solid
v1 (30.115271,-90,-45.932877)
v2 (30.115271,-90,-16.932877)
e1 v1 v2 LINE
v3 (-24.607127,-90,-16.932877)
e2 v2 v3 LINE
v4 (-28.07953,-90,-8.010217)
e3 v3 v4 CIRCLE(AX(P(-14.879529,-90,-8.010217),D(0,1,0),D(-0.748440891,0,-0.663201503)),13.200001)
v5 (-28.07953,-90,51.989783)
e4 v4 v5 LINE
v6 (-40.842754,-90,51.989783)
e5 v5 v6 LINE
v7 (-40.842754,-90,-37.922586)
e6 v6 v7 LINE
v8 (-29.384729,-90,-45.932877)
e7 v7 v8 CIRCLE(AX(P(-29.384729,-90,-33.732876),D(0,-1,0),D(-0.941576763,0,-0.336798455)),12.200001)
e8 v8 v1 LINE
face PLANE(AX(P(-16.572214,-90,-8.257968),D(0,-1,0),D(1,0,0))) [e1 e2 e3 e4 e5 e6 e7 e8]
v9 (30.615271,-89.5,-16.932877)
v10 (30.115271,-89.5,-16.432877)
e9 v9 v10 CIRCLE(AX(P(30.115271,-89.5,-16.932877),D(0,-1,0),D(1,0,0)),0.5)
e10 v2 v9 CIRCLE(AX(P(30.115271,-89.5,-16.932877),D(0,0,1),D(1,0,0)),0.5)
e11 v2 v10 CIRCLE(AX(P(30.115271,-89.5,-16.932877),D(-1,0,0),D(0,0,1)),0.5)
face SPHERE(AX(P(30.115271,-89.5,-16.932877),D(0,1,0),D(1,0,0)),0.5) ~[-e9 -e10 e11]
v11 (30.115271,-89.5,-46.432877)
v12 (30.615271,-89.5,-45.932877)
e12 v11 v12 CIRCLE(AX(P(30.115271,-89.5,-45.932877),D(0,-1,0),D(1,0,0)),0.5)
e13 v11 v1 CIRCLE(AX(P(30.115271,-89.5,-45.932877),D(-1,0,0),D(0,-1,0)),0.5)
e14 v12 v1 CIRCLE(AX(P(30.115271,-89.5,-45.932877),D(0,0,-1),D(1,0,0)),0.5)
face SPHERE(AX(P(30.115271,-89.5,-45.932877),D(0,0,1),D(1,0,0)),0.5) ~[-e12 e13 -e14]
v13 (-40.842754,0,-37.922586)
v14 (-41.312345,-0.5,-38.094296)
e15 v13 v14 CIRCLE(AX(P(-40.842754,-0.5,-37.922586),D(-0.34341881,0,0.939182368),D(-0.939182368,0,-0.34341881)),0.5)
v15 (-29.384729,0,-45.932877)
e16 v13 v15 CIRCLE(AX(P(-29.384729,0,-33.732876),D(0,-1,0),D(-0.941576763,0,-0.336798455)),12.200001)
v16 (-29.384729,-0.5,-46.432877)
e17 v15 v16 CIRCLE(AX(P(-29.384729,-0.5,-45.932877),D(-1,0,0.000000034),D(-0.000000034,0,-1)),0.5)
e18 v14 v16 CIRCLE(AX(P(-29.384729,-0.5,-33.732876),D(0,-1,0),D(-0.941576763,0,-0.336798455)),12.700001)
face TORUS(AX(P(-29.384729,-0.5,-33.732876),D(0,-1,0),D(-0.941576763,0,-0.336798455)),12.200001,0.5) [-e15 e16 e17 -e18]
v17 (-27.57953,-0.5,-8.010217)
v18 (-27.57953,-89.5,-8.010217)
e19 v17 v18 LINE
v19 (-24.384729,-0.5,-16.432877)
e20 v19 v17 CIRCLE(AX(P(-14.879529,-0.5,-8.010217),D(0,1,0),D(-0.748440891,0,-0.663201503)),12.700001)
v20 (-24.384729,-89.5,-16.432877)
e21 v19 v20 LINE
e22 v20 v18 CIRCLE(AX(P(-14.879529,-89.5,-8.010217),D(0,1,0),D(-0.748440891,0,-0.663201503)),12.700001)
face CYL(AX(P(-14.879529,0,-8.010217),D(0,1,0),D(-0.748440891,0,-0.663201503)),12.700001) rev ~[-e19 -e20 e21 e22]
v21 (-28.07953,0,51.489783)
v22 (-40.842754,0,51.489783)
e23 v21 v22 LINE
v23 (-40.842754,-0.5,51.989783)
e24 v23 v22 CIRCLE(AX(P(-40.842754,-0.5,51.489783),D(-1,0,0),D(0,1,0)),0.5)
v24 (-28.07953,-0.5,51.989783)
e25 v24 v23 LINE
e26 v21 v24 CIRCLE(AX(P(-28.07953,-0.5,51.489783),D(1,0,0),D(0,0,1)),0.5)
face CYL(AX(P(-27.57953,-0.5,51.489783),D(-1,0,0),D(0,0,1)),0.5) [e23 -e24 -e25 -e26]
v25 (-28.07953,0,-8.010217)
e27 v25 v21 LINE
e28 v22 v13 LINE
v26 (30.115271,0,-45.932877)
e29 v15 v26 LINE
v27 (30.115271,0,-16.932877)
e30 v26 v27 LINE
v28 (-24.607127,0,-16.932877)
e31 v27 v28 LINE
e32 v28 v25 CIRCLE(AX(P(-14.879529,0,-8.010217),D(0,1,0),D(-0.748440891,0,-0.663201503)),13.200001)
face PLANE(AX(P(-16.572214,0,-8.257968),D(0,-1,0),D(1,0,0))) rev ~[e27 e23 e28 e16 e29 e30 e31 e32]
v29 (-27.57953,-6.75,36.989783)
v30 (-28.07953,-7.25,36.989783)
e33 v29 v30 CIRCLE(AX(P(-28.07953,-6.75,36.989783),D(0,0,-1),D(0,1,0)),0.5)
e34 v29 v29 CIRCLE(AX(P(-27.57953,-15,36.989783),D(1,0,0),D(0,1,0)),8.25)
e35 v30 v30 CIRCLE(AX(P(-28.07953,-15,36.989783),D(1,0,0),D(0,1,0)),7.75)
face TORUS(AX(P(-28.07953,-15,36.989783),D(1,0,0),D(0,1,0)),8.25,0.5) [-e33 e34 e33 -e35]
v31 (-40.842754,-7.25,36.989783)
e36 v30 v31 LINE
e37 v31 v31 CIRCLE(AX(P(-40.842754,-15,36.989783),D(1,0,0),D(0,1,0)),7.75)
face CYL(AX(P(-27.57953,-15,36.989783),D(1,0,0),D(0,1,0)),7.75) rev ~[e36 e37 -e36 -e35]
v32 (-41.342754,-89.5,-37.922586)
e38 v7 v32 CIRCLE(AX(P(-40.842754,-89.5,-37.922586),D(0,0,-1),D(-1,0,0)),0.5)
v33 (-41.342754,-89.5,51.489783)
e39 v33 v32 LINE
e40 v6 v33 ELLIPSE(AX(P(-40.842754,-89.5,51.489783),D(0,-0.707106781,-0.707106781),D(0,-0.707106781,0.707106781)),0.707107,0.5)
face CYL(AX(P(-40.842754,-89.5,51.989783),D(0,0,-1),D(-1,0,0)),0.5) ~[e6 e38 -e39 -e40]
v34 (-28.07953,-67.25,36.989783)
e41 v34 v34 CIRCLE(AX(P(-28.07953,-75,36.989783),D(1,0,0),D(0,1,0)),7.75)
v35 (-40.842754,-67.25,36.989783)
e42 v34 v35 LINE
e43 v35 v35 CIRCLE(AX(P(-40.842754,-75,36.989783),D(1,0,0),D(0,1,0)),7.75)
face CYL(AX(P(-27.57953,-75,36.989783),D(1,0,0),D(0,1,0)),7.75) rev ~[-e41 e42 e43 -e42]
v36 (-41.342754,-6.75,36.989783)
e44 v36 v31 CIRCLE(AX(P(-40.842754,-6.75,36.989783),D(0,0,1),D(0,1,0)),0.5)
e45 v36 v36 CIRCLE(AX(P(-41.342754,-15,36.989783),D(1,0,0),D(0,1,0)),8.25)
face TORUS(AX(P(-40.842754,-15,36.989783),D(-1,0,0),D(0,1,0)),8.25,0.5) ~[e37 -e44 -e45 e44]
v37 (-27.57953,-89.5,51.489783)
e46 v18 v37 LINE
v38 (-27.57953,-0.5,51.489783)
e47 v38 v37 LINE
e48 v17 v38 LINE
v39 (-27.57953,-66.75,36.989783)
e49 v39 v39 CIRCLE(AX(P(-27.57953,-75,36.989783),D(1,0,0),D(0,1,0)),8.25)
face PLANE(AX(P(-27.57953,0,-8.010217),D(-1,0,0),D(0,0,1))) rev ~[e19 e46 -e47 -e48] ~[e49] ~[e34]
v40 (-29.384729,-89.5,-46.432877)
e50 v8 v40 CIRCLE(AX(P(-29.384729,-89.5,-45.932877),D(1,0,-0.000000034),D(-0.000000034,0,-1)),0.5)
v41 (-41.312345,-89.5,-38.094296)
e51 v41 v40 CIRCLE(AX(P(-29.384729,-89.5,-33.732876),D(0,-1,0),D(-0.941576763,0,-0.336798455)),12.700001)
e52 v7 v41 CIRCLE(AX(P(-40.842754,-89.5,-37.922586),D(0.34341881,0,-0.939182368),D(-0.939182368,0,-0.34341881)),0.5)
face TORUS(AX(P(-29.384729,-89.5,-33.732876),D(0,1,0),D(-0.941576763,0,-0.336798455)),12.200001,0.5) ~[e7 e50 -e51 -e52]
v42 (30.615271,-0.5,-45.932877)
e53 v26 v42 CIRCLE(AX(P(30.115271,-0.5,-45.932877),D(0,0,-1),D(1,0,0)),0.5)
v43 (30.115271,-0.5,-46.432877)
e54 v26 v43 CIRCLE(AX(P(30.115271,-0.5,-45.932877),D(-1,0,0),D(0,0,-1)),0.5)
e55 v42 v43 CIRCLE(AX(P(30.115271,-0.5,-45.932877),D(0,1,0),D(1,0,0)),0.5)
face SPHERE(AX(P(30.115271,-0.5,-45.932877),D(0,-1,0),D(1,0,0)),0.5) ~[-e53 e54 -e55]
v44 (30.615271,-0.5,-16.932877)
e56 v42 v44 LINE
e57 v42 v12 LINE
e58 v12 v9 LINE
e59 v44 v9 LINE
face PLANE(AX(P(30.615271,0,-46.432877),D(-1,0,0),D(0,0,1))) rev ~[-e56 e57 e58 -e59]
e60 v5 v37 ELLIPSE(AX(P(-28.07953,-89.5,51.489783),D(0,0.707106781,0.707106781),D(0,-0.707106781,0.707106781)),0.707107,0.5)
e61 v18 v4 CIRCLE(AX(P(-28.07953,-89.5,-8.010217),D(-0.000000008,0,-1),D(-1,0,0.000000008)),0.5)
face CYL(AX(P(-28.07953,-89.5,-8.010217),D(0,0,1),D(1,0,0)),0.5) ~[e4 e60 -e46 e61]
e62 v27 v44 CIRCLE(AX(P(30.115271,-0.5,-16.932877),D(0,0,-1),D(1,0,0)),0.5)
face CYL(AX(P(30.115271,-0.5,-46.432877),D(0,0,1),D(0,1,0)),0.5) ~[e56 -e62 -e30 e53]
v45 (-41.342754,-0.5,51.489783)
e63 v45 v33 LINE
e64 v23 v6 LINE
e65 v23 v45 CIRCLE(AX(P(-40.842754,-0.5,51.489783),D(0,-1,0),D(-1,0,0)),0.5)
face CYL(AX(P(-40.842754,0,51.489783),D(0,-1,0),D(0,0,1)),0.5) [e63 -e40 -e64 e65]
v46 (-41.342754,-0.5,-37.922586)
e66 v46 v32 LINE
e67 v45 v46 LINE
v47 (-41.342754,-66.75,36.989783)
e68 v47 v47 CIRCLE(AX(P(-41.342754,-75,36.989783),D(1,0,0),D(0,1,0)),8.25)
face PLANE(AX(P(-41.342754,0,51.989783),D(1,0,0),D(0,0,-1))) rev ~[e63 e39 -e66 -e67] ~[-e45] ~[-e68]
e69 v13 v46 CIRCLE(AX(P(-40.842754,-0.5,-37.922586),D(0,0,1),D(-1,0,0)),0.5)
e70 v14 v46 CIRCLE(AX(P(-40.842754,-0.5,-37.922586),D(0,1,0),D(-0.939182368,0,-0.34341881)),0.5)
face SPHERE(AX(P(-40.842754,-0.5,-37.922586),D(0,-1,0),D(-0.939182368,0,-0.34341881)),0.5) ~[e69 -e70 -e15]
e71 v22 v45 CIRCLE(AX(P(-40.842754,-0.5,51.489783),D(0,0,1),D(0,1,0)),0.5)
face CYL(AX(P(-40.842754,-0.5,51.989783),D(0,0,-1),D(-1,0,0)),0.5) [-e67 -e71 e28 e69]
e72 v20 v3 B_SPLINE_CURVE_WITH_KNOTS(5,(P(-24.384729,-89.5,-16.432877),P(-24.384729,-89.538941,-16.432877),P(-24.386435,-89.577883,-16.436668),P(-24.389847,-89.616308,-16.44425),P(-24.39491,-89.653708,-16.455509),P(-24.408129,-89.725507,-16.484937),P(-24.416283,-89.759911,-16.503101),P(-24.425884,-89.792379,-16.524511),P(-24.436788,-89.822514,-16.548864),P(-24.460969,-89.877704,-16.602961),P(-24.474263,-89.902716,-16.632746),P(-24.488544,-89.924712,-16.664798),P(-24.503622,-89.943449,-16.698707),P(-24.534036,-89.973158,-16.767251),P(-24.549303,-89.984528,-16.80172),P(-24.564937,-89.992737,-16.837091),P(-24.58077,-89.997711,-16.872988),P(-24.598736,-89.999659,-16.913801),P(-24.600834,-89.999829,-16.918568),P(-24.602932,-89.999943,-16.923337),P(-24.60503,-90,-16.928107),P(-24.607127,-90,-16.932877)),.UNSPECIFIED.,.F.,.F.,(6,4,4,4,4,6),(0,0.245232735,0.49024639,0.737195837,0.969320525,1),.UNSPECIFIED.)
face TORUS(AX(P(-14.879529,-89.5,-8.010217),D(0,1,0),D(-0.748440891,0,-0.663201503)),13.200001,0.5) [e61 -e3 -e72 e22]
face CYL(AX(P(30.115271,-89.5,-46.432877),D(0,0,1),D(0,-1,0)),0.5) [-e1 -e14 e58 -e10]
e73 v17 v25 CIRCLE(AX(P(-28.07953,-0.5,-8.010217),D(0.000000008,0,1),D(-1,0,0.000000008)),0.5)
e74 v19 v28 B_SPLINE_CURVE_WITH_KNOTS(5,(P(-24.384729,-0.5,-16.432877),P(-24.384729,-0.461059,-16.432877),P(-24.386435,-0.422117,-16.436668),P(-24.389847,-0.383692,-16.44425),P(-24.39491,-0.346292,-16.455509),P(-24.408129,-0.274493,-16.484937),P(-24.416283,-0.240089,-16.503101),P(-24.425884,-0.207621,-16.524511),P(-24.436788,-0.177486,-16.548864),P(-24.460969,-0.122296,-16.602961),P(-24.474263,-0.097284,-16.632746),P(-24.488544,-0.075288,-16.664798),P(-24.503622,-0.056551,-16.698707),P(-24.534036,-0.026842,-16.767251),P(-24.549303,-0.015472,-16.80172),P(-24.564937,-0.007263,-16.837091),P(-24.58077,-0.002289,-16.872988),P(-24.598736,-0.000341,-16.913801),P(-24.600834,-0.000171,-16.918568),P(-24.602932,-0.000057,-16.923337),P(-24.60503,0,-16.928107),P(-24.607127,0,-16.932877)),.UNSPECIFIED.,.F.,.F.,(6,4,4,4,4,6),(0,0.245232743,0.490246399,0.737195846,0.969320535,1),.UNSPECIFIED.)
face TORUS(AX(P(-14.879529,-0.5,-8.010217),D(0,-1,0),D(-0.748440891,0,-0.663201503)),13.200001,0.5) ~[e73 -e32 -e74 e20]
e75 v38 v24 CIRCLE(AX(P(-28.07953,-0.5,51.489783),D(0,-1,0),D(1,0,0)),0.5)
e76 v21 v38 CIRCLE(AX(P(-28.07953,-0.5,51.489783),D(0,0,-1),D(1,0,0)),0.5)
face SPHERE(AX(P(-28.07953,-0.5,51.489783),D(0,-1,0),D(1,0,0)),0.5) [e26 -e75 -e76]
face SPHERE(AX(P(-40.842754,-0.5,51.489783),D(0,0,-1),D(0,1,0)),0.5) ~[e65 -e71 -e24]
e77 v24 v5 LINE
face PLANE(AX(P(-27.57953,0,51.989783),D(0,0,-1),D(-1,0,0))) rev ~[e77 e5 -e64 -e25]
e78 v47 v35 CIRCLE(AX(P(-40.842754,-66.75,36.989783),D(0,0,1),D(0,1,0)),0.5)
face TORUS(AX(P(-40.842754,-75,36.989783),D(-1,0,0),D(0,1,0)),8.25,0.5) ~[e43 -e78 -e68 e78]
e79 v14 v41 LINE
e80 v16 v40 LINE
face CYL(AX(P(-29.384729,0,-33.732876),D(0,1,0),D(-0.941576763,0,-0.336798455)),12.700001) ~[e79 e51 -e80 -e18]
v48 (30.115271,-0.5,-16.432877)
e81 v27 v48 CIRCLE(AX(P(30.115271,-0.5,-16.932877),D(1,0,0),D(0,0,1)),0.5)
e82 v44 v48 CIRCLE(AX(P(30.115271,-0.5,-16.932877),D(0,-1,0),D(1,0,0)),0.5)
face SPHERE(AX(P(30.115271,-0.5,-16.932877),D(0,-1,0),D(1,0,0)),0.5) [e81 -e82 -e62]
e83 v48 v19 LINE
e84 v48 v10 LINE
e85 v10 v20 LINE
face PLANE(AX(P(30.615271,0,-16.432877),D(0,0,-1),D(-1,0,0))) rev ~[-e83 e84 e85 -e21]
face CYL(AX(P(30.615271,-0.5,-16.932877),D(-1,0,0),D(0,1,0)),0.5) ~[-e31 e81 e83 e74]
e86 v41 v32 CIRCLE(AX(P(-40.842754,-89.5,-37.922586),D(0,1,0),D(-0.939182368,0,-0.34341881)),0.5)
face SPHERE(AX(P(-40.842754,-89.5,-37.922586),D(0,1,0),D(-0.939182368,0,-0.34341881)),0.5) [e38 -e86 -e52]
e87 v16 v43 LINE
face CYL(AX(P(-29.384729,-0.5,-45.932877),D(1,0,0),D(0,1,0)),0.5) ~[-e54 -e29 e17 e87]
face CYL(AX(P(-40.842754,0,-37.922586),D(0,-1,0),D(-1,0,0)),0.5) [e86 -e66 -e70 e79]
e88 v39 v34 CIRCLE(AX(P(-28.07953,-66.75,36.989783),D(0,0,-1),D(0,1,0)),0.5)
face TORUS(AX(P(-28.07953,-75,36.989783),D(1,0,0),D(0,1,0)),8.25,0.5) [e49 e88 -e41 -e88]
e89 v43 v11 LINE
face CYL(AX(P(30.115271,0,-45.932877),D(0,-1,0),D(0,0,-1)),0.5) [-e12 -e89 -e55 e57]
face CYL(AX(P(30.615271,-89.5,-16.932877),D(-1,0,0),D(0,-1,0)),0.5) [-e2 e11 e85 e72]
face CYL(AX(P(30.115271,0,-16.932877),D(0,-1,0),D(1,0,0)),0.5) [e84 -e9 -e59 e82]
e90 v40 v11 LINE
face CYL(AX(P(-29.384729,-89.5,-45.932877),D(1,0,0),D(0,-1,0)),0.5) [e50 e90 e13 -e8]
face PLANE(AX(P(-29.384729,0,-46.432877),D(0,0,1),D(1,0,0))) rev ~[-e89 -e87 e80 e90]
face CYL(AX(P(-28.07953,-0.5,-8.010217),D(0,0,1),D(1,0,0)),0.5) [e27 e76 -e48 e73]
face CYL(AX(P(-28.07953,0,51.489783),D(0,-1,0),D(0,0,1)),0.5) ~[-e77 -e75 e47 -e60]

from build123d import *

# Parameters (mm, degrees)
F1_DEPTH = 90
F2_R     = 7.75
F3_DEPTH = 25
F4_R     = 0.5
F5_R     = 0.5


with BuildPart() as f1:
    # F0 (on Front) → F1 (new body)
    with BuildSketch(Plane.XZ):
        with BuildLine():
            Line((-27.57953, 51.989783), (-41.342754, 51.989783))
            Line((-41.342754, 51.989783), (-41.342754, -21.076756))
            Line((-41.342754, -21.076756), (-41.342754, -38.010217))
            ThreePointArc((-41.342754, -38.010217), (-36.697997, -44.115849), (-29.384729, -46.432877))
            Line((-29.384729, -46.432877), (30.615271, -46.432877))
            Line((30.615271, -46.432877), (30.615271, -16.432877))
            Line((30.615271, -16.432877), (-24.384729, -16.432877))
            ThreePointArc((-24.384729, -16.432877), (-26.753999, -12.514325), (-27.57953, -8.010217))
            Line((-27.57953, -8.010217), (-27.57953, 51.989783))
        make_face()
    extrude(amount=F1_DEPTH)

    # F2 (on face) → F3 (cut)
    with BuildSketch(Plane.YZ.offset(-27.57953)):
        with Locations((-75, 36.989783)):
            Circle(F2_R)
        with Locations((-15, 36.989783)):
            Circle(F2_R)
    extrude(amount=-F3_DEPTH, mode=Mode.SUBTRACT)

    # F4
    f4_edges = [f1.edges().sort_by_distance(p)[0] for p in [
        (-27.57953, -45, 51.989783),
        (-27.57953, 0, 21.989783),
        (-27.57953, -90, 21.989783),
        (30.615271, -45, -16.432877),
        (30.615271, -90, -31.432877),
        (30.615271, -45, -46.432877),
        (30.615271, 0, -31.432877),
        (3.115271, 0, -16.432877),
        (0.615271, 0, -46.432877),
        (-41.342754, 0, 6.989783),
        (-34.461142, 0, 51.989783),
        (-41.342754, -45, 51.989783),
        (-41.342754, -90, 6.989783),
        (-41.342754, -45, -38.010217),
        (0.615271, -90, -46.432877),
        (3.115271, -90, -16.432877),
    ]]
    fillet(f4_edges, radius=F4_R)

    # F5
    f5_edges = [f1.edges().sort_by_distance(p)[0] for p in [
        (-27.57953, -22.75, 36.989783),
        (-27.57953, -82.75, 36.989783),
        (-41.342754, -82.75, 36.989783),
        (-41.342754, -22.75, 36.989783),
    ]]
    fillet(f5_edges, radius=F5_R)


solid = f1.part
